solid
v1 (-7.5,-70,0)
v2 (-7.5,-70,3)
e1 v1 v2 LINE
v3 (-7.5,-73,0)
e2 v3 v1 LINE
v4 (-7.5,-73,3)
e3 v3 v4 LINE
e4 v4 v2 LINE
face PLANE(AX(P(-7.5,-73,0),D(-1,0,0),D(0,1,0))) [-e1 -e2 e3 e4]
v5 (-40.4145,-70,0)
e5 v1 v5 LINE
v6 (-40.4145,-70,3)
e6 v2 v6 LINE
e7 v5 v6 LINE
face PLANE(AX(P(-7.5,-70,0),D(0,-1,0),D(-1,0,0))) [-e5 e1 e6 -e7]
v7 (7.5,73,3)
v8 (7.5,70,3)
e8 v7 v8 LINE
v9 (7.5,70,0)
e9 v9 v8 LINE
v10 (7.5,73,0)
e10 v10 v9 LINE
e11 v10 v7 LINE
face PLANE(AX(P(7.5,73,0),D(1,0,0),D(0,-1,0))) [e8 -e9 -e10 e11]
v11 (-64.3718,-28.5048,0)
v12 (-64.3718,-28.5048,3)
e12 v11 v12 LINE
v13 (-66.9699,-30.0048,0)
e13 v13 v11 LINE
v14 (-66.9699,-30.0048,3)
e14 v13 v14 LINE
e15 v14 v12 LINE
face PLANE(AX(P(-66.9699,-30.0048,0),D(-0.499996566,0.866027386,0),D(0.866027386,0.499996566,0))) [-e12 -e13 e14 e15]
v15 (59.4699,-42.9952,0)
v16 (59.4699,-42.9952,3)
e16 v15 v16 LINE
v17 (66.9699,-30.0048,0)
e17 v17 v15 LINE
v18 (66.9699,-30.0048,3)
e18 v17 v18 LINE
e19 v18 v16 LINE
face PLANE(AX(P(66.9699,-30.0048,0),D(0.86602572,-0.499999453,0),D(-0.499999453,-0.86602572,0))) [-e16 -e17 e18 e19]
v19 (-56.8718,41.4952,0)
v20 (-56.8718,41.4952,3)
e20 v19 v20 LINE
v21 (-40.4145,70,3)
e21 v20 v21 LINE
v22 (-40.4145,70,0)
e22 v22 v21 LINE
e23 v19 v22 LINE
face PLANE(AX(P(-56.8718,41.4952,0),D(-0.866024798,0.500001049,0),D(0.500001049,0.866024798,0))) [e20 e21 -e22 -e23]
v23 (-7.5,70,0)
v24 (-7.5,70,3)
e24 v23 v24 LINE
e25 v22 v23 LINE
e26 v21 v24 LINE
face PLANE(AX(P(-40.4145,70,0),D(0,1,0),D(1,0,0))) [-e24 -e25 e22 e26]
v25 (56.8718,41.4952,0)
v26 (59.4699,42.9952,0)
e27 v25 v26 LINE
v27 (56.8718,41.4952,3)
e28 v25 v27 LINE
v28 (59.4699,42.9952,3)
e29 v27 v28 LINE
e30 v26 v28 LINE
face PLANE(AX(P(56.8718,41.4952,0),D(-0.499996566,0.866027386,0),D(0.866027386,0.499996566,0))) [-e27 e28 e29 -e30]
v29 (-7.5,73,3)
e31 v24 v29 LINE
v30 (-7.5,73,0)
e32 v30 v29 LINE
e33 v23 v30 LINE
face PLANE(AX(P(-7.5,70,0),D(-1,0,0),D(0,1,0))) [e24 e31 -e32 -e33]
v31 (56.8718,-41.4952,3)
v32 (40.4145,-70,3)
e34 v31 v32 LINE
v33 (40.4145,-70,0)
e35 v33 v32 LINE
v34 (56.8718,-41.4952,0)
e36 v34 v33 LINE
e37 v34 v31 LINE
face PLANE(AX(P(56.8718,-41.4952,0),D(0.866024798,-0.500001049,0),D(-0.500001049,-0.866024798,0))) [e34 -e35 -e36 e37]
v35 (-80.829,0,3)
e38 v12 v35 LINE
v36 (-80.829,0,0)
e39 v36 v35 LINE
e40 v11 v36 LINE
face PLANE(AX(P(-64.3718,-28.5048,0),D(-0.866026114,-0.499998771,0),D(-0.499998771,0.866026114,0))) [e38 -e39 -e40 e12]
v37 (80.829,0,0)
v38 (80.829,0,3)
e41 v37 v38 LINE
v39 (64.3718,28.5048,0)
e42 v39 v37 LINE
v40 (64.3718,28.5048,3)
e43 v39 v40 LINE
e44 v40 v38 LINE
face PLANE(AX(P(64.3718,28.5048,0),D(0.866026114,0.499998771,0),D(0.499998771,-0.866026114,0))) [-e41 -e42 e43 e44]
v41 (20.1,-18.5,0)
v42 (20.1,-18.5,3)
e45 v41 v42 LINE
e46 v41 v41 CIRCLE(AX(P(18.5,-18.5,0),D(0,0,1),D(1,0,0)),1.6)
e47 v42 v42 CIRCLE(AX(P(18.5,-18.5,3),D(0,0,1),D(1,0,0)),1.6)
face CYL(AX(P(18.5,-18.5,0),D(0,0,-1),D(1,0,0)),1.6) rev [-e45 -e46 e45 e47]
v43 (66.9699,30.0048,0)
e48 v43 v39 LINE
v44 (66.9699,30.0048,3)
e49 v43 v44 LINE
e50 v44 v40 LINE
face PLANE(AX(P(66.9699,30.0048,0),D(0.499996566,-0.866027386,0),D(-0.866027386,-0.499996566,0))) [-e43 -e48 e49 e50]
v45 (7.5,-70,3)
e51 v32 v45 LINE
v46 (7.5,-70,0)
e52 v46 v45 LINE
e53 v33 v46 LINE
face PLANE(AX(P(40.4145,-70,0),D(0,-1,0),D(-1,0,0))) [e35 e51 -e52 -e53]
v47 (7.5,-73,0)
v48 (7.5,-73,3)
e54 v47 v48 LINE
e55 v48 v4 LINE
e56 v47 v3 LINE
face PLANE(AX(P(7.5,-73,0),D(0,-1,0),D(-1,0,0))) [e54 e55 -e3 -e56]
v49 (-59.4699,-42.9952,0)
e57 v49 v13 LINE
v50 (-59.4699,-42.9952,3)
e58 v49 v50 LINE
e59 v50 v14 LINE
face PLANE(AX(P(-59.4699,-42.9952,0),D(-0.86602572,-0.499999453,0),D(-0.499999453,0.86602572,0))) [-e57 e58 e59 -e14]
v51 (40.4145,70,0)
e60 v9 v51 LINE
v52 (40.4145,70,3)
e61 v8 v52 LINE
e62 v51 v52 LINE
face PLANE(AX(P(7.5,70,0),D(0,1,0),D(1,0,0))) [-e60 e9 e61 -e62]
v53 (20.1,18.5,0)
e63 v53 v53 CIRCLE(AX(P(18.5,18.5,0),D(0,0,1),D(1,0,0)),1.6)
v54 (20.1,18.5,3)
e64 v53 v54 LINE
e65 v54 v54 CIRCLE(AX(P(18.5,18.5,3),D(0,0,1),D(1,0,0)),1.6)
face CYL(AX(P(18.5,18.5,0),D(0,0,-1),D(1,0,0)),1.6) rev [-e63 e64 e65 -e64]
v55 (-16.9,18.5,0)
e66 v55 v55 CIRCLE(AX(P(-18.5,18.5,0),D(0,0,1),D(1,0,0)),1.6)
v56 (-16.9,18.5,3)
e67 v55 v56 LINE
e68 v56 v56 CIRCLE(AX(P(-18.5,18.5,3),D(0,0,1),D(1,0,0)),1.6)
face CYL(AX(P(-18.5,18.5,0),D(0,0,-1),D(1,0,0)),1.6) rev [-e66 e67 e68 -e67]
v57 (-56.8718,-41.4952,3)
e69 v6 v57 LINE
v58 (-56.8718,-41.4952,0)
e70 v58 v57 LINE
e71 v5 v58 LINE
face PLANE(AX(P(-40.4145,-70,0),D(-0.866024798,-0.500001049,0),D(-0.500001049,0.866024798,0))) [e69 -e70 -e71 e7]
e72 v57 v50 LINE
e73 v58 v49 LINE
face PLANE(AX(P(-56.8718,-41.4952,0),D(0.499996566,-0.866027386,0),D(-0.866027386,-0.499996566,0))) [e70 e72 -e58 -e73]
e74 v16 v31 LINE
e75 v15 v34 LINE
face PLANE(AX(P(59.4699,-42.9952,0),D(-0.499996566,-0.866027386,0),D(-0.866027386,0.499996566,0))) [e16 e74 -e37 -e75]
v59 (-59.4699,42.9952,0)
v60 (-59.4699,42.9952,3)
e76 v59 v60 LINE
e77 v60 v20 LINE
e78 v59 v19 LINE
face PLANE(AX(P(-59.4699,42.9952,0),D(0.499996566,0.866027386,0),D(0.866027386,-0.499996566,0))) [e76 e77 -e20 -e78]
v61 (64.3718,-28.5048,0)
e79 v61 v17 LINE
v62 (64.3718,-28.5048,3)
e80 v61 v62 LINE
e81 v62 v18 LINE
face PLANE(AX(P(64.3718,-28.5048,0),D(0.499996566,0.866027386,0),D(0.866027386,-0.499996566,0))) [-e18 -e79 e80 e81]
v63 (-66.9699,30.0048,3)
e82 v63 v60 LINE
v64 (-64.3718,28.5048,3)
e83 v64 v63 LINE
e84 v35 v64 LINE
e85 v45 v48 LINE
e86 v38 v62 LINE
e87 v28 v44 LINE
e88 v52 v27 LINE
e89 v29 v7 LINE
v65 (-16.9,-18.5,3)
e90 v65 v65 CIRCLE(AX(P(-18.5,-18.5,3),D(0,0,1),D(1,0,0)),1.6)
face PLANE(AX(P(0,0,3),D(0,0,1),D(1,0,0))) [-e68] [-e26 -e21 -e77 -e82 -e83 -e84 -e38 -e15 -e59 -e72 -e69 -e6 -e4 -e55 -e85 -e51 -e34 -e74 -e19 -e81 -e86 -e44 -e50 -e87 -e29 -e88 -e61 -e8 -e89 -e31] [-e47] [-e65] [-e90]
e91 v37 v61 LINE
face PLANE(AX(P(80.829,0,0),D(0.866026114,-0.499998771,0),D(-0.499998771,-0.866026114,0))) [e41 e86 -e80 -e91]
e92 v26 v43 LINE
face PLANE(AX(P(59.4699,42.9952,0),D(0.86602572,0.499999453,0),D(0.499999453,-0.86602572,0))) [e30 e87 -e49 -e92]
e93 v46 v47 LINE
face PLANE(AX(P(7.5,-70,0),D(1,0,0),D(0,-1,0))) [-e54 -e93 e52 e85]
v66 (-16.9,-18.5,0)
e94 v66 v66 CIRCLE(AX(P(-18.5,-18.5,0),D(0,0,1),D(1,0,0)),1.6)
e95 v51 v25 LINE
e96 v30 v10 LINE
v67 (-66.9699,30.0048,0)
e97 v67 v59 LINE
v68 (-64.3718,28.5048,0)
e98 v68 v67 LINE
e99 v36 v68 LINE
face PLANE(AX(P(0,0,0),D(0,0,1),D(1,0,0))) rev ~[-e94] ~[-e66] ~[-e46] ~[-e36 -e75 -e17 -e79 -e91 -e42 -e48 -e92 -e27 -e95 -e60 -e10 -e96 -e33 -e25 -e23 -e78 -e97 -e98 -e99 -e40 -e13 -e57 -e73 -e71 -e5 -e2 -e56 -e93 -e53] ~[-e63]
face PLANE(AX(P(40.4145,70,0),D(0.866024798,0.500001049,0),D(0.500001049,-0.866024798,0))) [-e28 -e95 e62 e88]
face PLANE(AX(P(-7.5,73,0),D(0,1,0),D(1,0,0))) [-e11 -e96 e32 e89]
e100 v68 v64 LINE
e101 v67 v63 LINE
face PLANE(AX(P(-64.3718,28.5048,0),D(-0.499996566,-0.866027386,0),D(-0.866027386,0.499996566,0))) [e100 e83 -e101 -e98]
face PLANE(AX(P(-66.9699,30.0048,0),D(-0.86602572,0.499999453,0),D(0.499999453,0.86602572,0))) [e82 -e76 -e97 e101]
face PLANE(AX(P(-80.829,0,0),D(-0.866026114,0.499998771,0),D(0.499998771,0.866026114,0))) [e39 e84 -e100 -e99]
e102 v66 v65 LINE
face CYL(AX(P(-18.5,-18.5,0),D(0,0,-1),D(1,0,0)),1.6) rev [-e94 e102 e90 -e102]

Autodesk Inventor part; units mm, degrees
ref_plane "YZ Plane" through (0, 0, 0) normal (1, 0, 0) x (0, 1, 0)
ref_plane "XZ Plane" through (0, 0, 0) normal (0, 1, 0) x (-1, 0, 0)
ref_plane "XY Plane" through (0, 0, 0) normal (0, 0, 1) x (1, 0, 0)
sketch "Sketch1" plane through (0, 0, 0) normal (0, 0, 1) x (1, 0, 0)
  line L0 (-7.5, 73) -> (7.5, 73)
  line L1 (7.5, 73) -> (7.5, 70)
  line L2 (-7.5, 70) -> (-7.5, 73)
  line L3 (-40.4145, 70) -> (-7.5, 70)
  line L4 (7.5, 70) -> (40.4145, 70)
  line L5 (-66.9699, 30.0048) -> (-59.4699, 42.9952)
  line L6 (-59.4699, 42.9952) -> (-56.8718, 41.4952)
  line L7 (-64.3718, 28.5048) -> (-66.9699, 30.0048)
  line L8 (-59.4699, -42.9952) -> (-66.9699, -30.0048)
  line L9 (-66.9699, -30.0048) -> (-64.3718, -28.5048)
  line L10 (-56.8718, -41.4952) -> (-59.4699, -42.9952)
  line L11 (7.5, -73) -> (-7.5, -73)
  line L12 (-7.5, -73) -> (-7.5, -70)
  line L13 (7.5, -70) -> (7.5, -73)
  line L14 (66.9699, -30.0048) -> (59.4699, -42.9952)
  line L15 (59.4699, -42.9952) -> (56.8718, -41.4952)
  line L16 (64.3718, -28.5048) -> (66.9699, -30.0048)
  line L17 (59.4699, 42.9952) -> (66.9699, 30.0048)
  line L18 (66.9699, 30.0048) -> (64.3718, 28.5048)
  line L19 (56.8718, 41.4952) -> (59.4699, 42.9952)
  line L20 (-80.829, 0) -> (-64.3718, 28.5048)
  line L21 (-56.8718, 41.4952) -> (-40.4145, 70)
  line L22 (40.4145, 70) -> (56.8718, 41.4952)
  line L23 (64.3718, 28.5048) -> (80.829, 0)
  line L24 (80.829, 0) -> (64.3718, -28.5048)
  line L25 (56.8718, -41.4952) -> (40.4145, -70)
  line L26 (40.4145, -70) -> (7.5, -70)
  line L27 (-7.5, -70) -> (-40.4145, -70)
  line L28 (-40.4145, -70) -> (-56.8718, -41.4952)
  line L29 (-64.3718, -28.5048) -> (-80.829, 0)
  circle A0 centre (-18.5, 18.5) radius 1.6
  circle A1 centre (18.5, 18.5) radius 1.6
  circle A2 centre (18.5, -18.5) radius 1.6
  circle A3 centre (-18.5, -18.5) radius 1.6
  point P0 (0, 0)
  point P1 (0, 0)
  point P2 (0, 73)
  point P3 (-63.2199, 36.5)
  point P4 (-63.2199, -36.5)
  point P5 (0, -73)
  point P6 (63.2199, -36.5)
  point P7 (63.2199, 36.5)
  dimension "d1" = 3
  dimension "d3" = 15
  dimension "d6" = 360
  dimension "d8" = 140
  dimension "d9" = 146
  dimension "d12" = 3.2
  dimension "d13" = 3.2
  dimension "d14" = 3.2
  dimension "d15" = 3.2
  dimension "d16" = 37
  dimension "d17" = 37
  dimension "d18" = 18.5
  dimension "d19" = 18.5
extrude "Extrusion2" add sketch "Sketch1" along normal blind 3
